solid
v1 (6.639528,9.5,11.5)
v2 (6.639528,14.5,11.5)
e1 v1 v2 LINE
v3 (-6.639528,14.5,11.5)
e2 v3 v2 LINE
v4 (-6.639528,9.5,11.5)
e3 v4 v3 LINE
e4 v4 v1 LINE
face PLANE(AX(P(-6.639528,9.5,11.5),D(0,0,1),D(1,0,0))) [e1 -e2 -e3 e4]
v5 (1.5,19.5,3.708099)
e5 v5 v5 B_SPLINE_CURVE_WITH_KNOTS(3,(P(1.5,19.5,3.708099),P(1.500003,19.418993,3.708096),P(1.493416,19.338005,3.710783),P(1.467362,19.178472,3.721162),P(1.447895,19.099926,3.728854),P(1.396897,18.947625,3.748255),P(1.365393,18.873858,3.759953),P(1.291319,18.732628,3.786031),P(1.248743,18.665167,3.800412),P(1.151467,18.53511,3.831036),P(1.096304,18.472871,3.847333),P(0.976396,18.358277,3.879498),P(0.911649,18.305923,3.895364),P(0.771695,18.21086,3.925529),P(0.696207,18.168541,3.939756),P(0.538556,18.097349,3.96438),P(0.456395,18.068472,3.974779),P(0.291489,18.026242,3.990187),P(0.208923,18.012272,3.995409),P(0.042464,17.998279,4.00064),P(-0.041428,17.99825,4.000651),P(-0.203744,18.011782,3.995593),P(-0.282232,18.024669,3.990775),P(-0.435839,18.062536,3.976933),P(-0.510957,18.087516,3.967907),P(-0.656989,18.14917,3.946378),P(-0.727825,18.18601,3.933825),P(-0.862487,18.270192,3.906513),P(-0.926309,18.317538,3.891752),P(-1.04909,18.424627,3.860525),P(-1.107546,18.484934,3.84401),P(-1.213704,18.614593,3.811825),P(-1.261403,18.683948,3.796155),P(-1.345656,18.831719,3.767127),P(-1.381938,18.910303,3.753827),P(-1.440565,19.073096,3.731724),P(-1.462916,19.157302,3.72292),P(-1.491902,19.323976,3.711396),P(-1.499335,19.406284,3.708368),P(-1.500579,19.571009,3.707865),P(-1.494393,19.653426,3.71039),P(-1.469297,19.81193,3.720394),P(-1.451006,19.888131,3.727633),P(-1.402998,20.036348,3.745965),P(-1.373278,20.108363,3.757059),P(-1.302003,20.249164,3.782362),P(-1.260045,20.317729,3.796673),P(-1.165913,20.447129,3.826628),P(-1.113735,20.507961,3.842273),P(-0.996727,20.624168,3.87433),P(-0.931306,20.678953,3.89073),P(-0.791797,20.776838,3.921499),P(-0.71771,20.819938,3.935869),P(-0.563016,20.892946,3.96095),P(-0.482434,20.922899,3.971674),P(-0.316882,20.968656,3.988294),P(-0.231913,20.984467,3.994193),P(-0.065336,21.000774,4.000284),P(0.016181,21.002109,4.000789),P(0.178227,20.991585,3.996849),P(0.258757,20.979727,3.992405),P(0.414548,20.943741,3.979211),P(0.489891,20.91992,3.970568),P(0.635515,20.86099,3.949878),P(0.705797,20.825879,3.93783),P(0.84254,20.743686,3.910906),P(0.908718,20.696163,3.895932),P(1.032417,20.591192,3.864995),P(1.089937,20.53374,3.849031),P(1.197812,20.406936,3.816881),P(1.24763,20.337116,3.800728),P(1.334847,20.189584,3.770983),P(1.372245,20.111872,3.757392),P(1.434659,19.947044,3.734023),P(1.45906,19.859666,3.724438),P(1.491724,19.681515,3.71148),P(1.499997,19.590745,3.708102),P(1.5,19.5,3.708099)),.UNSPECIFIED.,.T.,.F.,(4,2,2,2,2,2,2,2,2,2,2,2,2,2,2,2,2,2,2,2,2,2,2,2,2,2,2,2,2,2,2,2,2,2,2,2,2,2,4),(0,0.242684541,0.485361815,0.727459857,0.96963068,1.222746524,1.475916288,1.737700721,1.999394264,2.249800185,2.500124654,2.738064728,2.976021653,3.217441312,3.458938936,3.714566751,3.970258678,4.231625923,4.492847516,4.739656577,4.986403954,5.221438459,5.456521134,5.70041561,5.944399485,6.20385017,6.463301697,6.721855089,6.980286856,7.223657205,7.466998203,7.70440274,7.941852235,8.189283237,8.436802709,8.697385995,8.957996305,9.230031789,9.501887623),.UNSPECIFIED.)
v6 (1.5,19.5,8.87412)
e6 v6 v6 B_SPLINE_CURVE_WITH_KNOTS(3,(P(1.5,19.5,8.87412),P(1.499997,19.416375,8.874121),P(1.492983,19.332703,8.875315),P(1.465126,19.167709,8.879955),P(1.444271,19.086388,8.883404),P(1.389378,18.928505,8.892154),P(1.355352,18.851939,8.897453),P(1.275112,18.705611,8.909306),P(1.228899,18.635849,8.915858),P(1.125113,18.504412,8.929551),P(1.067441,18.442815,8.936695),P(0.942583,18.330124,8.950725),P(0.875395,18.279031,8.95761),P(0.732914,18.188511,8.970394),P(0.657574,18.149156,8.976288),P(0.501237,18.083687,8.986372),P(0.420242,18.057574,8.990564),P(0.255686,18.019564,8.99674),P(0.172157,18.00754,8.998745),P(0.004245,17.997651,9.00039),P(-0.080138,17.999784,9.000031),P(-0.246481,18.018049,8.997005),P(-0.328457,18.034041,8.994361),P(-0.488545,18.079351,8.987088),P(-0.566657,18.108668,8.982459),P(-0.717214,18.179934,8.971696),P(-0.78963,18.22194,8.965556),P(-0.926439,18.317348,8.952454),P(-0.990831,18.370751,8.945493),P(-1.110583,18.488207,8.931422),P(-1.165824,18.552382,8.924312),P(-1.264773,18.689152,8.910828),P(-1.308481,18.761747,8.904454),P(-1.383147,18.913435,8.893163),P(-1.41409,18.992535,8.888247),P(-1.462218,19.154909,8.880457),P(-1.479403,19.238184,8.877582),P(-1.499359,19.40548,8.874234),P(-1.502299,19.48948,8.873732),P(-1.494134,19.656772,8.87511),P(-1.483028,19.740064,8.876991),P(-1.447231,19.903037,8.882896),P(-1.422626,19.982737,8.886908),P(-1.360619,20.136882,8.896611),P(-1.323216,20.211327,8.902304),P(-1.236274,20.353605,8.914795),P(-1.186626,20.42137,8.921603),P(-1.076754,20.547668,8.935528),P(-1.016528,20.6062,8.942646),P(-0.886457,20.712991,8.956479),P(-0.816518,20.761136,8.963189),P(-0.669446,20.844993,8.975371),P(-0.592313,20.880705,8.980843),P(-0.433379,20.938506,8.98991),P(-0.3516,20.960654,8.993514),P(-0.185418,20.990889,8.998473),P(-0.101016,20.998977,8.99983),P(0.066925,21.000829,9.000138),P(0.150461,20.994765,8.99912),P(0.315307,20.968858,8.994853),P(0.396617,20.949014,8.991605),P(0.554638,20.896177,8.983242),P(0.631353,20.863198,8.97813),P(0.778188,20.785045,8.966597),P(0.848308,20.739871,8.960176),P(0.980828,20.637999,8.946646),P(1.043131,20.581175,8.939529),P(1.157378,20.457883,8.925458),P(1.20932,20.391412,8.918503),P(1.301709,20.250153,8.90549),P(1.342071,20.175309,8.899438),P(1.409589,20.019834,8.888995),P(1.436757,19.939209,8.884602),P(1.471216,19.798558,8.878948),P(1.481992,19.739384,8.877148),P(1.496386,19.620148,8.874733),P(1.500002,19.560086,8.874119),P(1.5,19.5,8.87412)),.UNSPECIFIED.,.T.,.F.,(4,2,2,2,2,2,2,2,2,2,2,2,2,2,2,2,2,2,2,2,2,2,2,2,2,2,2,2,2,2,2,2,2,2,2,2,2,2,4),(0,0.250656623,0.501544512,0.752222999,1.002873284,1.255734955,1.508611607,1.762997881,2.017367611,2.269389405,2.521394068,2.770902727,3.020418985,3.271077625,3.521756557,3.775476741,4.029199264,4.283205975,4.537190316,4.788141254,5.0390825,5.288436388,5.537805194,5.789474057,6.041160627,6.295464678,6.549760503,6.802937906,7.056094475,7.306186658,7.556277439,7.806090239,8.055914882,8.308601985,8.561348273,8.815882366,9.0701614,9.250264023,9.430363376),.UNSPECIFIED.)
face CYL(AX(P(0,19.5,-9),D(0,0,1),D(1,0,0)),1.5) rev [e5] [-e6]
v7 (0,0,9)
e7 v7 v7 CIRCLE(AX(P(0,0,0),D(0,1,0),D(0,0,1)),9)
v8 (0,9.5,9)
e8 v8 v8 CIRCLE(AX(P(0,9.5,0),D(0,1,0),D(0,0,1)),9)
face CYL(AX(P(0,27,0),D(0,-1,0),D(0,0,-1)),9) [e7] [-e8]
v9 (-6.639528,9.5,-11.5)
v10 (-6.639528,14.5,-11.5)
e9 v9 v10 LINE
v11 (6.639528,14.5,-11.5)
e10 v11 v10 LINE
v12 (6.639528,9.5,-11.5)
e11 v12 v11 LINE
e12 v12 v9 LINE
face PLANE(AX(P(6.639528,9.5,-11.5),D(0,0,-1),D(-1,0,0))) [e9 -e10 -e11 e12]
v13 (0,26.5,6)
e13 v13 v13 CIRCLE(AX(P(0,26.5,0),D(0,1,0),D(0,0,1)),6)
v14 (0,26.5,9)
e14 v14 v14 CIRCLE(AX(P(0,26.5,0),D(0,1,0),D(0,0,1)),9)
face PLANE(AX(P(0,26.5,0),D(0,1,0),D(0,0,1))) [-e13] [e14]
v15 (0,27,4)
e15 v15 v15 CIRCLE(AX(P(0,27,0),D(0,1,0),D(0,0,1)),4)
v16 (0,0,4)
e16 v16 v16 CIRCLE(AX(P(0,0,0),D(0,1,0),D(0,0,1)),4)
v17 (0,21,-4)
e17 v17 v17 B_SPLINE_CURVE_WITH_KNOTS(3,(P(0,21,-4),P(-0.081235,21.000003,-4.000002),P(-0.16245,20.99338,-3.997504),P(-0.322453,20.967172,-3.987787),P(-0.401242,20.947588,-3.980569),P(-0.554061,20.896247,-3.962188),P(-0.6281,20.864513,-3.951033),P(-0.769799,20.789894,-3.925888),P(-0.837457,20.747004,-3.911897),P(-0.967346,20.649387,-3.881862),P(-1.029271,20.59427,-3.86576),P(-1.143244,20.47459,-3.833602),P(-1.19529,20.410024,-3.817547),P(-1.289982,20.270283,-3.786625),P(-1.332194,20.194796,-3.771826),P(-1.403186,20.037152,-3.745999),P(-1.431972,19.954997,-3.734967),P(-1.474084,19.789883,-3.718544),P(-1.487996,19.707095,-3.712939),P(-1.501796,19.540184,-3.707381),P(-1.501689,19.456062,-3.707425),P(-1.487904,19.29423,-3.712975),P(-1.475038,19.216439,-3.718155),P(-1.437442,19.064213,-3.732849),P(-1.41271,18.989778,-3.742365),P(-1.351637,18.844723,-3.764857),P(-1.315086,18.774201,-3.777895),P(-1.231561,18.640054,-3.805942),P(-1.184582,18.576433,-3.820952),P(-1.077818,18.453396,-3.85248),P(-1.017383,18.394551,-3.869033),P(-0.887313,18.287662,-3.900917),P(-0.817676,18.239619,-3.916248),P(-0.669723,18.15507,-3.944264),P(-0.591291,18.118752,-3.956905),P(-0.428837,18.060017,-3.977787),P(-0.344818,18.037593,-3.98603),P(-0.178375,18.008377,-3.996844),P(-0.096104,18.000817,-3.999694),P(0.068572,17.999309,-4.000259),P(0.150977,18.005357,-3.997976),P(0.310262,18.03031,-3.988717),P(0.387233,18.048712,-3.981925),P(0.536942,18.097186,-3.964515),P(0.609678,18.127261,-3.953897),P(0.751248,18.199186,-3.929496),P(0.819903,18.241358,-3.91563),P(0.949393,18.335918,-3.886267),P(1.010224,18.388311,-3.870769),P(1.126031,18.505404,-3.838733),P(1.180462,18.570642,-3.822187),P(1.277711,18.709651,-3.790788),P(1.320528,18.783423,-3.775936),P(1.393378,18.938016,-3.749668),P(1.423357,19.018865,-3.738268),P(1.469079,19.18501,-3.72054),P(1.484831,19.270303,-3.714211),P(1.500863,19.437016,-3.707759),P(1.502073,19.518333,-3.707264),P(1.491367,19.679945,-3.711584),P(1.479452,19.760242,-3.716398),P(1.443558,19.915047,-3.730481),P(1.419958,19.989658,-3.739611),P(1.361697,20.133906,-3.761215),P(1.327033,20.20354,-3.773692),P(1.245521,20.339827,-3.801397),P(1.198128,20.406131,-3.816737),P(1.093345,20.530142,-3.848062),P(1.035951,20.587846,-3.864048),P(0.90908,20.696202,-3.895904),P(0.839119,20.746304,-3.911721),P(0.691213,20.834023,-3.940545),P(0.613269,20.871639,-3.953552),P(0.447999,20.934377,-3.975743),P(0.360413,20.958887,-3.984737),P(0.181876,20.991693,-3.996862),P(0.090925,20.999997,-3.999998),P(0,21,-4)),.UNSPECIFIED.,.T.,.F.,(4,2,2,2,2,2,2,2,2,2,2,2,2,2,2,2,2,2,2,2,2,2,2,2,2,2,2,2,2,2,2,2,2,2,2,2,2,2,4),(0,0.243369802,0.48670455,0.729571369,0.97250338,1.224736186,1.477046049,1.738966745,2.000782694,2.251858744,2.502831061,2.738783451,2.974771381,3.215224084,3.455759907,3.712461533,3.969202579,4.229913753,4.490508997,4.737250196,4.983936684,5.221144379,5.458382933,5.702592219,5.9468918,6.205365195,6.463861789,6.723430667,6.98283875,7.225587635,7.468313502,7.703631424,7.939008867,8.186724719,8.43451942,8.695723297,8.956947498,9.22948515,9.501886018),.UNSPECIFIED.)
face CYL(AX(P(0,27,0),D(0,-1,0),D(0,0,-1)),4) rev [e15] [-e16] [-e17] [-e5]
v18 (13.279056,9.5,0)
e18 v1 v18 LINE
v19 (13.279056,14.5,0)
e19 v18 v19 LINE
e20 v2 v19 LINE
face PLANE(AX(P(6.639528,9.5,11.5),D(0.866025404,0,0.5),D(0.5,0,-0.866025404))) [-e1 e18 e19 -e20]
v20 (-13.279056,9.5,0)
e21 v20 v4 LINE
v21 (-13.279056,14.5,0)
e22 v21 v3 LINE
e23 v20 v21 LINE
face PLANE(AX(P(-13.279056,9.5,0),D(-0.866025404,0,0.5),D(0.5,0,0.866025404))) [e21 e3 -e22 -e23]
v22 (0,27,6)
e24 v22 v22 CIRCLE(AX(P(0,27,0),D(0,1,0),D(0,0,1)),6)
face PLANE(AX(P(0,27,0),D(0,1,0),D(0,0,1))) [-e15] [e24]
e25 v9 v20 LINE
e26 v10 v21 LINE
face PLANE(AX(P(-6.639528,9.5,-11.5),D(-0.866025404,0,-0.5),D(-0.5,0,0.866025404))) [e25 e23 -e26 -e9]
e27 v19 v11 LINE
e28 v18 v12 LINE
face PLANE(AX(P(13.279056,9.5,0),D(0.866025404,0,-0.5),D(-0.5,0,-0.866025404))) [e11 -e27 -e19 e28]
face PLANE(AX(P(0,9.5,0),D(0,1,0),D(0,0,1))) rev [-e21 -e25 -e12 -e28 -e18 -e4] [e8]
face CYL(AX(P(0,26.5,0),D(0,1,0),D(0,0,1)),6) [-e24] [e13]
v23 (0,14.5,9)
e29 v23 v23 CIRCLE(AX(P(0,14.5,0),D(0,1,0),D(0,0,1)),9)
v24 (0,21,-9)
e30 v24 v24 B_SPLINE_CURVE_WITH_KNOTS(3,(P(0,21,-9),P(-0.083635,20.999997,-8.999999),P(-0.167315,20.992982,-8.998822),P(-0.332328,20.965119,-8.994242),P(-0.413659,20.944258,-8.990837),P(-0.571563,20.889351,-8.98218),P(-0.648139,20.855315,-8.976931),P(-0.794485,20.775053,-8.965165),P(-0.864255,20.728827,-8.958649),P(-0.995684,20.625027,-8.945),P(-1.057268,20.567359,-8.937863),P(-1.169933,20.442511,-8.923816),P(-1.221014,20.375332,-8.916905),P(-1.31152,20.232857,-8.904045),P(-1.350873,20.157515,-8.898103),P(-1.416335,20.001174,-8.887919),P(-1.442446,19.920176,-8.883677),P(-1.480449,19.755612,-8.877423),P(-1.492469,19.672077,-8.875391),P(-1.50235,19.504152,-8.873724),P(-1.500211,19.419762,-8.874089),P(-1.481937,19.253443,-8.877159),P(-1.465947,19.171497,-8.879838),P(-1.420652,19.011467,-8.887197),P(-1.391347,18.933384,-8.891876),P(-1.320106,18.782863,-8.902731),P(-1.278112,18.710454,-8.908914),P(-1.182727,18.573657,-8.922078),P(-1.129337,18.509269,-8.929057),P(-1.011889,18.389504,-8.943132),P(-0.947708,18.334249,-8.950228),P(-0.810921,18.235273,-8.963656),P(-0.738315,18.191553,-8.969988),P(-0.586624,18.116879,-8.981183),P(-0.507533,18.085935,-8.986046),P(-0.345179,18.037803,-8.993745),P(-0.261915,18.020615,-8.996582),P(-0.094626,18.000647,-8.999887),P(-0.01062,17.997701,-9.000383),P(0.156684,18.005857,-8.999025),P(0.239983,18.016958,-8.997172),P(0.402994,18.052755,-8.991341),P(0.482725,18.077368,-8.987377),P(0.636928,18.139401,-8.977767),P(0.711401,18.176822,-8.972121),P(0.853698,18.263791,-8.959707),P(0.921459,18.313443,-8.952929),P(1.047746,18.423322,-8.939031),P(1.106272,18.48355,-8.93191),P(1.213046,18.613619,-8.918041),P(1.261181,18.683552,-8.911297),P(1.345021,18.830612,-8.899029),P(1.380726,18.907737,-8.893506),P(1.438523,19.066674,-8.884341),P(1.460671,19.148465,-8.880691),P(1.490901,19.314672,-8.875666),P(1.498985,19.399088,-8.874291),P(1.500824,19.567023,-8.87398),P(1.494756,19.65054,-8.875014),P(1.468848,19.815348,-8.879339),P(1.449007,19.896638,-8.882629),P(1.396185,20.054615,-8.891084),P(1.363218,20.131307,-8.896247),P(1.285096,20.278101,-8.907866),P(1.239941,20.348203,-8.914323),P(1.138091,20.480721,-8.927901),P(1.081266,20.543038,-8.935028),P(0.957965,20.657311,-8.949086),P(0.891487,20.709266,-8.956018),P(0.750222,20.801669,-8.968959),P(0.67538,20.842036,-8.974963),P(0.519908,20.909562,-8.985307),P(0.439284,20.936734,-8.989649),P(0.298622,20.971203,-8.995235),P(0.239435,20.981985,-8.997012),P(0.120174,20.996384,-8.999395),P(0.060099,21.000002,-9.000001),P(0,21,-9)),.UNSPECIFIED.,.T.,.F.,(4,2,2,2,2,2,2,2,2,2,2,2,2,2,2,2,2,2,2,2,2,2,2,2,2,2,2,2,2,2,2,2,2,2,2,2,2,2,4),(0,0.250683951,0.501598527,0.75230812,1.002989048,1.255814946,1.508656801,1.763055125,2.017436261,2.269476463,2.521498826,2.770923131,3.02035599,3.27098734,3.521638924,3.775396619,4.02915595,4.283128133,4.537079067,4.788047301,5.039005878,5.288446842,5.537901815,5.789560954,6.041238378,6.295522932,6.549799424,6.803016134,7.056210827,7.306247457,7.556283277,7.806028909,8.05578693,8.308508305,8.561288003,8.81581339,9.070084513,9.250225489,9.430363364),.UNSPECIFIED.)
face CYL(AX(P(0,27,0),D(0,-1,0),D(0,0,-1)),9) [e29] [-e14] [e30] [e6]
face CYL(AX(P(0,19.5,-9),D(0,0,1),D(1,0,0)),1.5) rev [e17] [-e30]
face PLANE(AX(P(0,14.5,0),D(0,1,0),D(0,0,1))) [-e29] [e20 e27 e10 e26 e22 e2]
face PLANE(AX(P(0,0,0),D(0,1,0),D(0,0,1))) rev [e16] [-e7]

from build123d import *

# Parameters (mm, degrees)
SKETCH1_R               = 9
SKETCH1_R_2             = 4
BOSS_EXTRUDE1_DEPTH     = 27
SKETCH2_R               = 9
SKETCH2_R_2             = 6
CUT_EXTRUDE1_DEPTH      = 0.5
SKETCH3_R               = 1.5
CUT_EXTRUDE2_DEPTH      = 10
CUT_EXTRUDE2_DEPTH_BACK = 10
SKETCH4_R               = 4
BOSS_EXTRUDE2_DEPTH     = 5


with BuildPart() as part:
    # Sketch1 → Boss-Extrude1 (new body)
    with BuildSketch(Plane(origin=(0, 0, 0), x_dir=(1, 0, 0), z_dir=(0, 1, 0))):
        Circle(SKETCH1_R)
        Circle(SKETCH1_R_2, mode=Mode.SUBTRACT)
    extrude(amount=BOSS_EXTRUDE1_DEPTH)

    # Sketch2 → Cut-Extrude1 (cut)
    with BuildSketch(Plane(origin=(0, 27, 0), x_dir=(1, 0, 0), z_dir=(0, 1, 0))):
        Circle(SKETCH2_R)
        Circle(SKETCH2_R_2, mode=Mode.SUBTRACT)
    extrude(amount=-CUT_EXTRUDE1_DEPTH, mode=Mode.SUBTRACT)

    # Sketch3 → Cut-Extrude2 (cut, two sides)
    with BuildSketch(Plane.XY) as cut_extrude2_sk:
        with Locations((0, 19.5)):
            Circle(SKETCH3_R)
    extrude(amount=CUT_EXTRUDE2_DEPTH, mode=Mode.SUBTRACT)
    extrude(cut_extrude2_sk.sketch, amount=-CUT_EXTRUDE2_DEPTH_BACK, mode=Mode.SUBTRACT)

    # Sketch4 → Boss-Extrude2 (add)
    with BuildSketch(Plane(origin=(0, 14.5, 0), x_dir=(1, 0, 0), z_dir=(0, 1, 0))):
        Polygon((13.279056191, 0), (6.639528096, 11.5), (-6.639528096, 11.5), (-13.279056191, 0), (-6.639528096, -11.5), (6.639528096, -11.5), align=None)
        Circle(SKETCH4_R, mode=Mode.SUBTRACT)
    extrude(amount=-BOSS_EXTRUDE2_DEPTH)


solid = part.part
